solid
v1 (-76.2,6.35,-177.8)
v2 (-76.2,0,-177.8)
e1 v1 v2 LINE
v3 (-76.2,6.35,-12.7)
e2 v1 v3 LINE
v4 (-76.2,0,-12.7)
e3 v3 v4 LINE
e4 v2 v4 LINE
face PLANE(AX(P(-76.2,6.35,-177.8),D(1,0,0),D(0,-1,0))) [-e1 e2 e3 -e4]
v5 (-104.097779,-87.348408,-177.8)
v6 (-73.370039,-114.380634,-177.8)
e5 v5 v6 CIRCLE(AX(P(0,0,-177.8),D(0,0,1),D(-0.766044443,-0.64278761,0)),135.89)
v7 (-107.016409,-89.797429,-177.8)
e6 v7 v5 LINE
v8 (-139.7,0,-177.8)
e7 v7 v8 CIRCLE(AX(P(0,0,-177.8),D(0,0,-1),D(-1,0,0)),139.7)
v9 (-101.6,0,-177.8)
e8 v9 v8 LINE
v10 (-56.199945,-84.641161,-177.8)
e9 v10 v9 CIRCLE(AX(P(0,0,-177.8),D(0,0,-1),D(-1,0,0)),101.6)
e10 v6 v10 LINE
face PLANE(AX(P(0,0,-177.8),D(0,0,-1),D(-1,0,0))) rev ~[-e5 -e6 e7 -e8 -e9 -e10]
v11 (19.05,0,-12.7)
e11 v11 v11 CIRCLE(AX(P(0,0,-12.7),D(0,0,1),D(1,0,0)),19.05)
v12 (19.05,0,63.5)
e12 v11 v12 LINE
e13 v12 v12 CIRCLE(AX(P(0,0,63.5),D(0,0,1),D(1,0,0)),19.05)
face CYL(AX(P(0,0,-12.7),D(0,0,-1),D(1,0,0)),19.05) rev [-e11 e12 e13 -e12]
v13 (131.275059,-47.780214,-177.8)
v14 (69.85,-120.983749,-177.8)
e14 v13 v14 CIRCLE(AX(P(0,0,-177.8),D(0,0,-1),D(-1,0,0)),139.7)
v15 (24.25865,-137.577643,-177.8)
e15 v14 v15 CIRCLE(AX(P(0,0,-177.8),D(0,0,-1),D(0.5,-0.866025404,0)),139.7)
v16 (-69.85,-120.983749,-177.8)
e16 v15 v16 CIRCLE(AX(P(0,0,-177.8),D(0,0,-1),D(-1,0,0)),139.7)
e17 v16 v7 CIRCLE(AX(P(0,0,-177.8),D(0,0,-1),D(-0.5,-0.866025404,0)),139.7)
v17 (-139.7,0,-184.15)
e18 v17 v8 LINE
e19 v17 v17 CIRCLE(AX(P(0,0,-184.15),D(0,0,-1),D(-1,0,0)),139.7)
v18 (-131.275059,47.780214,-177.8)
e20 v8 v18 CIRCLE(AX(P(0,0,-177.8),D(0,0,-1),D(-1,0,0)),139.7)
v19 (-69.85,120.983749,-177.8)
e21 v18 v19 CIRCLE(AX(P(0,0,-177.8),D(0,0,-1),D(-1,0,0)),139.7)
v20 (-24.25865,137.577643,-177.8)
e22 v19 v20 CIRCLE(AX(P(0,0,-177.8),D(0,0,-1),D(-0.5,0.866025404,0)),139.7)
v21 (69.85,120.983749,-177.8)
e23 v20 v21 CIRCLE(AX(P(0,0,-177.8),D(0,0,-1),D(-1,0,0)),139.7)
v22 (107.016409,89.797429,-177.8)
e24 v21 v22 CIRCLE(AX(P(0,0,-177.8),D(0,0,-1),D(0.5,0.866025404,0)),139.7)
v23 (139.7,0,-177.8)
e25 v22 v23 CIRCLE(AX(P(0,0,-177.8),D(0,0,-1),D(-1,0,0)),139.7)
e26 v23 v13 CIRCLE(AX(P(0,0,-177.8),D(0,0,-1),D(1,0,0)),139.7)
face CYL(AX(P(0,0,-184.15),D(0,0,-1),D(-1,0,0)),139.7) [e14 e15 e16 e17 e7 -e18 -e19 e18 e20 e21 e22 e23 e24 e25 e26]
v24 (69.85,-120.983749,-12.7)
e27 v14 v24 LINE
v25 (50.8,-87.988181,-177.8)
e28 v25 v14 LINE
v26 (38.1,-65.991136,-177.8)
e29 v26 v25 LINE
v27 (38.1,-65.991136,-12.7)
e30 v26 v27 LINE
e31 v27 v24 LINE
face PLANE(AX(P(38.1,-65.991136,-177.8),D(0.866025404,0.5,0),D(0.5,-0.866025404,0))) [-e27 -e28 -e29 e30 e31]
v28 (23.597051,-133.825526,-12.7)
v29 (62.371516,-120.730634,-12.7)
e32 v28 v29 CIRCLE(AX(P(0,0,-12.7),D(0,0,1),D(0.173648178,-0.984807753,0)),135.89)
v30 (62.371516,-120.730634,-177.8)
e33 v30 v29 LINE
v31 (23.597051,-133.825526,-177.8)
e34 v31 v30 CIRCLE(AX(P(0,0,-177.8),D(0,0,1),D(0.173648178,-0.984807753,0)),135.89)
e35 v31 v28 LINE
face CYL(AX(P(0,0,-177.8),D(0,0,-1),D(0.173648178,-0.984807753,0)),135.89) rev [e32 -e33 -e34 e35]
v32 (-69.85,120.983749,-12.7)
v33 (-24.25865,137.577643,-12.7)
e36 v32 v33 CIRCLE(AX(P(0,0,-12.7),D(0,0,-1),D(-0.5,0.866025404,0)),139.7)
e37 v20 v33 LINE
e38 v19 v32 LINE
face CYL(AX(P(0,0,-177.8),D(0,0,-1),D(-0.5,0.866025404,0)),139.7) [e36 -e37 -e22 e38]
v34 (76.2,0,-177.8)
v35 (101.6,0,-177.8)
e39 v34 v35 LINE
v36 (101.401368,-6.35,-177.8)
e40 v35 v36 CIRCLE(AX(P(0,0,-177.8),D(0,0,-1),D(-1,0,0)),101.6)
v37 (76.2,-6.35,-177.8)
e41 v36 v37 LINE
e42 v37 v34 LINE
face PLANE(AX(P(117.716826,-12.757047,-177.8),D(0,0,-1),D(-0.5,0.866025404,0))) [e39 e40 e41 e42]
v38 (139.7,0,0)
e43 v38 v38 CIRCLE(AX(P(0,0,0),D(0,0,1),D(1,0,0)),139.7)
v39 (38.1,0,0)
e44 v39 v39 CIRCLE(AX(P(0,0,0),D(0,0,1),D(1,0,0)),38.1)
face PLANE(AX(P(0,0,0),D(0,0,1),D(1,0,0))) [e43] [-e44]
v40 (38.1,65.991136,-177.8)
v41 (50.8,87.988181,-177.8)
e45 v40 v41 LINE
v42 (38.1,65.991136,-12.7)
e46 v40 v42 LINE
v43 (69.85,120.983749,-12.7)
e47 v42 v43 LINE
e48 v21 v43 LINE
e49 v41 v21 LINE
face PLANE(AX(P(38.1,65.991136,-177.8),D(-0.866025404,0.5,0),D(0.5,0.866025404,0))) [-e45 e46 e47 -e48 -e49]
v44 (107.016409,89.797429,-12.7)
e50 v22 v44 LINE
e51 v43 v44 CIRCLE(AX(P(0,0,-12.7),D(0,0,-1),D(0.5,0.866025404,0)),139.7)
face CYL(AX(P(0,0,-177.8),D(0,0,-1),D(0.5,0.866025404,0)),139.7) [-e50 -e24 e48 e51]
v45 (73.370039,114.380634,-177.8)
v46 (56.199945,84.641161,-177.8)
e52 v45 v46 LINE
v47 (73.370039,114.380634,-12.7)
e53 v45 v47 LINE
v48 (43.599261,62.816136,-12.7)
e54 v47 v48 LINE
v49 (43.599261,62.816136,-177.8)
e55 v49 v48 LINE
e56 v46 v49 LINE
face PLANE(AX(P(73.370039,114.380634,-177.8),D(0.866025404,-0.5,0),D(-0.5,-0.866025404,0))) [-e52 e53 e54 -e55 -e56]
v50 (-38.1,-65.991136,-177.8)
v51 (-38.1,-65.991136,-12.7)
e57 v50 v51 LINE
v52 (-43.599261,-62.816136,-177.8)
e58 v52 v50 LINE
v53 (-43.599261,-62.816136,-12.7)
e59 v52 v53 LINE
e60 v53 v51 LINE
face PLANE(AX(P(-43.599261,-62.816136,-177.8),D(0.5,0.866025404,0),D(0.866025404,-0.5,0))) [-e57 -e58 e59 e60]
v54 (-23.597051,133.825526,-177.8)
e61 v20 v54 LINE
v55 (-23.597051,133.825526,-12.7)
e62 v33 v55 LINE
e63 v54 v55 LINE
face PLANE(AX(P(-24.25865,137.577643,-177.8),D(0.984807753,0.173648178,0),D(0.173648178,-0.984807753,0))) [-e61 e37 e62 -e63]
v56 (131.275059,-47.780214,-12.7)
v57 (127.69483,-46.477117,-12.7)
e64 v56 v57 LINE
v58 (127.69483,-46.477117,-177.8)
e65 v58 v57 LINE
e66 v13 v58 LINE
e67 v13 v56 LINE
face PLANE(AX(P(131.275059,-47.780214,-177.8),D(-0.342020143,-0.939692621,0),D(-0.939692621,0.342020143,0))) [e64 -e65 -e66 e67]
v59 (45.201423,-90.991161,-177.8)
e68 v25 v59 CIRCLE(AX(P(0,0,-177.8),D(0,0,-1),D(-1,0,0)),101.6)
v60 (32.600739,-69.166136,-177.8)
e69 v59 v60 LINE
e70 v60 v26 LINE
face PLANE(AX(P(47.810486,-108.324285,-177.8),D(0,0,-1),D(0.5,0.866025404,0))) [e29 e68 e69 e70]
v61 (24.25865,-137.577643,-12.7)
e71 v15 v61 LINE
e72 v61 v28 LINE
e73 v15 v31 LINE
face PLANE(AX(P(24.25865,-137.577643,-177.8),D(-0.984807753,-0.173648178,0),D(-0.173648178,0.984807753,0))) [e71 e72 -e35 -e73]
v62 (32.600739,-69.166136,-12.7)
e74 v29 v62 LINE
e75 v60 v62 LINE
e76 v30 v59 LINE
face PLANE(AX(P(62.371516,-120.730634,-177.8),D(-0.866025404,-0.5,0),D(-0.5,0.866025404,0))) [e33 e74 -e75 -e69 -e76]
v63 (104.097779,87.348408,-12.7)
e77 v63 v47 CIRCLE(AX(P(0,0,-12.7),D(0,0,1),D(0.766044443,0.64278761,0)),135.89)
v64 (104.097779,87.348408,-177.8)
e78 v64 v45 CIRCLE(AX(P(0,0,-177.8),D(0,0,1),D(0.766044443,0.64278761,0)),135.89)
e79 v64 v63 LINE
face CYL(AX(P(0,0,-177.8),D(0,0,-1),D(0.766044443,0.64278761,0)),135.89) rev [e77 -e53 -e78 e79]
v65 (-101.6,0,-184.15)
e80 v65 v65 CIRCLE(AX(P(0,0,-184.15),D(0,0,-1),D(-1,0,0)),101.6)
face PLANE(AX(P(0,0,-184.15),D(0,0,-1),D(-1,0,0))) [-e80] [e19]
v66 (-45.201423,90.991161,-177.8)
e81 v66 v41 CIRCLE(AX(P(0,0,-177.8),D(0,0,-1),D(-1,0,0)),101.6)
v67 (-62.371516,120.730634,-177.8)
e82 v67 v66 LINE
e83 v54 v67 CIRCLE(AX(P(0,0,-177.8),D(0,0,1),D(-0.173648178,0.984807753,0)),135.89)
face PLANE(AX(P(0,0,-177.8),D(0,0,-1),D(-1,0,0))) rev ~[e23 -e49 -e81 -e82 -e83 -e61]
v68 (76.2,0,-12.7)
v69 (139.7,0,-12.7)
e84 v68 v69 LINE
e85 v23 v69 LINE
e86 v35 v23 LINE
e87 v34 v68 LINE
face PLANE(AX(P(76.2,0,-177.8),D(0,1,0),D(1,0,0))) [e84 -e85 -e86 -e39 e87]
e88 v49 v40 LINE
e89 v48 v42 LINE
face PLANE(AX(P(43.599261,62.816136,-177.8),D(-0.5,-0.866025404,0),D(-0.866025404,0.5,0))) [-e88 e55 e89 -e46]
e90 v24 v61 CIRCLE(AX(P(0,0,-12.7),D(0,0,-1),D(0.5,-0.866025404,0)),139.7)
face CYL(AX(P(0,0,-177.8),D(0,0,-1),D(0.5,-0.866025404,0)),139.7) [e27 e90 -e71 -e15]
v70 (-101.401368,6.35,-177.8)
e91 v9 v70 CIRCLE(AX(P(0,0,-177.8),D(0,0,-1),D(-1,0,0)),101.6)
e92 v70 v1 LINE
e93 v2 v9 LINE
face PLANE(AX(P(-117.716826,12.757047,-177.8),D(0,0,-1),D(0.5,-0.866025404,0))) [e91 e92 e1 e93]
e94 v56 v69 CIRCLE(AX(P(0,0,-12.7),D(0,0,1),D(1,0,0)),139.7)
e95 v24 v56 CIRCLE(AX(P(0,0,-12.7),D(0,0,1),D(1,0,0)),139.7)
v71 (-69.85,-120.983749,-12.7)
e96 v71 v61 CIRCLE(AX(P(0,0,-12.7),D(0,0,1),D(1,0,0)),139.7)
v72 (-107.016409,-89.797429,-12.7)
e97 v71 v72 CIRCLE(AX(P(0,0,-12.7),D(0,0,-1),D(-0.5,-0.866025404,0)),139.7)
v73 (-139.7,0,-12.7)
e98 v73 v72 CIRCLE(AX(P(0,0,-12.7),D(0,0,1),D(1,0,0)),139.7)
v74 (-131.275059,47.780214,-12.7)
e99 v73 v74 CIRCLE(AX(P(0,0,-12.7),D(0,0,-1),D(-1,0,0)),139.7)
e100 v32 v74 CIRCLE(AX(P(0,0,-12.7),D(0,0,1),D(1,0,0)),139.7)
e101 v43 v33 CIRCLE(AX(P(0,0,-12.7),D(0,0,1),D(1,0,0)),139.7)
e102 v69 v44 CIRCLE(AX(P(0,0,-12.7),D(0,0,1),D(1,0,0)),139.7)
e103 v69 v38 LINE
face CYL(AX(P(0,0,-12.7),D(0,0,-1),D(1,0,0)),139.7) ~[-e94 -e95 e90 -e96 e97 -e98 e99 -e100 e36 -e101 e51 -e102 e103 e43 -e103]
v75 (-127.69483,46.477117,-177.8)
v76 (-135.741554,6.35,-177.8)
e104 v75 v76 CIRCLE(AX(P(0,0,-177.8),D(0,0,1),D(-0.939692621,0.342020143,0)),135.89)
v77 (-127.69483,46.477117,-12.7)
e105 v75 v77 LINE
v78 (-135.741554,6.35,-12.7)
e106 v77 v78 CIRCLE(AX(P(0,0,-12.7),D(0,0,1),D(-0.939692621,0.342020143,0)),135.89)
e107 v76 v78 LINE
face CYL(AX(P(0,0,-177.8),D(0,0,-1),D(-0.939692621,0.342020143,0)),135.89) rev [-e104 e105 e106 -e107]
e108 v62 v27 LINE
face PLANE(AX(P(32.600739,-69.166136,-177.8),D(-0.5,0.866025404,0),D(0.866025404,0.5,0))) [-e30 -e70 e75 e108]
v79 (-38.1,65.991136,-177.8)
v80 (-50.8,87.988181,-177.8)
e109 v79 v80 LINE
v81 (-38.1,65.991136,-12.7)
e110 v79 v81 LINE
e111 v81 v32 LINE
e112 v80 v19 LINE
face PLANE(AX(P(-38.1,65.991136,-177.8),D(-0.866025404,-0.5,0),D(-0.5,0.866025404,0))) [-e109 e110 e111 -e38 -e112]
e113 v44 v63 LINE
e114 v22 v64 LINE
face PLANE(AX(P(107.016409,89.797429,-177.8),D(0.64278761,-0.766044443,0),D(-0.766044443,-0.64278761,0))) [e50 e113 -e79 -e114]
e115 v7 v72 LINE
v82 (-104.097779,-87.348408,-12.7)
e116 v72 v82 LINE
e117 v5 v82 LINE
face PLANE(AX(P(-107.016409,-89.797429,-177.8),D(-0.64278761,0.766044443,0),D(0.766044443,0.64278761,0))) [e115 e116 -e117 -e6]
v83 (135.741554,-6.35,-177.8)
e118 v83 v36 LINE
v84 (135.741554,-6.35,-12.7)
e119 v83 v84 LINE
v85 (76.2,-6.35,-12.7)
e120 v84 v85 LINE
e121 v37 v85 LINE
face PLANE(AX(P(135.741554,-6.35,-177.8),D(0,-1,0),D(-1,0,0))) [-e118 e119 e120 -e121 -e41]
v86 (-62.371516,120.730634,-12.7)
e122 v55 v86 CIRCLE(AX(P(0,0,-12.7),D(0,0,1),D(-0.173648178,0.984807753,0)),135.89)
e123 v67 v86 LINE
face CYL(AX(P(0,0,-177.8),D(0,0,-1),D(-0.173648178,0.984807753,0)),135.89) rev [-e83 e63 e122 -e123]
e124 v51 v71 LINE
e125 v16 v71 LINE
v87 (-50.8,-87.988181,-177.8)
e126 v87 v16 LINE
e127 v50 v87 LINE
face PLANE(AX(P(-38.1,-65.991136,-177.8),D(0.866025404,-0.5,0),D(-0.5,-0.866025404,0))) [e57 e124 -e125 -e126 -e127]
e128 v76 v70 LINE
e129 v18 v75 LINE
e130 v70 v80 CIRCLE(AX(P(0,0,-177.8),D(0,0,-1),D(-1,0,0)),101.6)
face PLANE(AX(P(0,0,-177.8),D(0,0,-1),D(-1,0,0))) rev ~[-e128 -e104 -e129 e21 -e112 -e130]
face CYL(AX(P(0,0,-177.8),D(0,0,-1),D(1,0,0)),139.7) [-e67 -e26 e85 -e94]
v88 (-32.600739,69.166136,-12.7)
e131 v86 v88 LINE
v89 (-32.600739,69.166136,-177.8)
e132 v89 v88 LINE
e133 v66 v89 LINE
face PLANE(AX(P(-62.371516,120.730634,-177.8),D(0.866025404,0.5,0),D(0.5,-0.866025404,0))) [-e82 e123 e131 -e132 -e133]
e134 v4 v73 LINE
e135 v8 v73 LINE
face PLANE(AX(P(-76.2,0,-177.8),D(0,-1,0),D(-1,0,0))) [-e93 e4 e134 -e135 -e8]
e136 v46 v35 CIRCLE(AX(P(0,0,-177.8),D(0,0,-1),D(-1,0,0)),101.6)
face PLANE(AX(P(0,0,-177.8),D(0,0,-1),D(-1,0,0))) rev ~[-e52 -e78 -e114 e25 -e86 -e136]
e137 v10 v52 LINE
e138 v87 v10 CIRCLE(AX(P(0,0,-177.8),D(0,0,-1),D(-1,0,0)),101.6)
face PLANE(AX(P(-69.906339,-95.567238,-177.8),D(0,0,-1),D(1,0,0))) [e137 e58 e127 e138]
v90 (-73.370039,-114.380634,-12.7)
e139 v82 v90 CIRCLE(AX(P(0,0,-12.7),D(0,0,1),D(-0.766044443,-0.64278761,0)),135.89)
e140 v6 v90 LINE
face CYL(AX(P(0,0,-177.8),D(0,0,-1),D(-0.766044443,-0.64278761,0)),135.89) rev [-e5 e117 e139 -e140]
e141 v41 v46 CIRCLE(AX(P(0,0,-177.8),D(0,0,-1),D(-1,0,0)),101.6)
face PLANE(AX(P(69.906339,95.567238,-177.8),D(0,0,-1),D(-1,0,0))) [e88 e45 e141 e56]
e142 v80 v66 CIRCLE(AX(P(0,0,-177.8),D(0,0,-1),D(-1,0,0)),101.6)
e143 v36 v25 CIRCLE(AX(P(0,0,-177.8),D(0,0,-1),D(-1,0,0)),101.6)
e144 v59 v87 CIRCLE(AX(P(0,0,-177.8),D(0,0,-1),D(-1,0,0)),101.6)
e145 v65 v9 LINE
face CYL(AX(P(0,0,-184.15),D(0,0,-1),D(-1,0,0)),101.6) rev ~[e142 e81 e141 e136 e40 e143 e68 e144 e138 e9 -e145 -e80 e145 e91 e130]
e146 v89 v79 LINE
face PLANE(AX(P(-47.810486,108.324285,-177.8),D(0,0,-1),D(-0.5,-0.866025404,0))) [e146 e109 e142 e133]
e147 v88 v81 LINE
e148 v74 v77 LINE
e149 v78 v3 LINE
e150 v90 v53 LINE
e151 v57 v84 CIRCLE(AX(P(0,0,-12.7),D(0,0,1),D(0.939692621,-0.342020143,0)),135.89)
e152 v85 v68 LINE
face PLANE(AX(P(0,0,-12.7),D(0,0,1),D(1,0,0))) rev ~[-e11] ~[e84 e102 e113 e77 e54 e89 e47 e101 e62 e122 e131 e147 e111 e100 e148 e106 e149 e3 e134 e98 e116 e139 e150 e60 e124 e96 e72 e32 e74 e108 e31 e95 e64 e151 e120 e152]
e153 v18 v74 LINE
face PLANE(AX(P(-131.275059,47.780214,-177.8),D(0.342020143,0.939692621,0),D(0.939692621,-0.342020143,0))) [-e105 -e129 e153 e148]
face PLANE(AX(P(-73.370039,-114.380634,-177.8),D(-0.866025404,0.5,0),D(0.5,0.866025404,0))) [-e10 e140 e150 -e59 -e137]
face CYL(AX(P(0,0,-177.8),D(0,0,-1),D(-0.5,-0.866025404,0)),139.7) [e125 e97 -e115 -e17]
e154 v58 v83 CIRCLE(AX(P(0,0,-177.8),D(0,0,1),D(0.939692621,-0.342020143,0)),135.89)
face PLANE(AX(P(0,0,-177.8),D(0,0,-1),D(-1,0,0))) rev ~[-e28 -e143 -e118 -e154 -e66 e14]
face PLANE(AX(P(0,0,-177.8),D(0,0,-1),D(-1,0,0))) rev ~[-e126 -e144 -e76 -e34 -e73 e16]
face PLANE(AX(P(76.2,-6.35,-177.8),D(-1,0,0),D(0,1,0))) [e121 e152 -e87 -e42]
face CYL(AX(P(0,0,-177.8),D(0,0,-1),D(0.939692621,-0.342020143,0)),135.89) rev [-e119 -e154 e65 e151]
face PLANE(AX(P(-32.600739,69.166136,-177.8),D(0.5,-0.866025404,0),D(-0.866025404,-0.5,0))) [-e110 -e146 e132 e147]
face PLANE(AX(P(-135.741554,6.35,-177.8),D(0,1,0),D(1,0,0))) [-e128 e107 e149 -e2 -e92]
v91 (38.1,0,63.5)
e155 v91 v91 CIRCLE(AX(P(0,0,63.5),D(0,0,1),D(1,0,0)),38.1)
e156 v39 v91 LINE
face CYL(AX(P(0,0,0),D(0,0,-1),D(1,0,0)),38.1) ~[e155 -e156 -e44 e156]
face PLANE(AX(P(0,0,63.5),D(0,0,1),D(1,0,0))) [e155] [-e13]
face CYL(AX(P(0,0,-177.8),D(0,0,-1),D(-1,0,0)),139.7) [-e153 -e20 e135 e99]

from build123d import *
from build123d.topology import SkipClean

# Parameters (mm, degrees)
SKETCH1_R           = 38.1
SKETCH1_R_2         = 19.05
BOSS_EXTRUDE1_DEPTH = 63.5
BOSS_EXTRUDE2_START = -12.7
SKETCH1_3_R         = 139.7
SKETCH1_3_R_2       = 19.05
BOSS_EXTRUDE2_DEPTH = 12.7
BOSS_EXTRUDE3_START = 165.1
BOSS_EXTRUDE3_DEPTH = 165.1
CIRPATTERN2_COUNT   = 6
BOSS_EXTRUDE4_START = 6.35
SKETCH3_R           = 139.7
SKETCH3_R_2         = 101.6
BOSS_EXTRUDE4_DEPTH = 6.35


with BuildPart() as part:
    # Sketch1 → Boss-Extrude1 (new body)
    with BuildSketch(Plane.XY):
        Circle(SKETCH1_R)
        Circle(SKETCH1_R_2, mode=Mode.SUBTRACT)
    extrude(amount=BOSS_EXTRUDE1_DEPTH)

    # Sketch1<3> → Boss-Extrude2 (add)
    with BuildSketch(Plane.XY.offset(BOSS_EXTRUDE2_START)):
        Circle(SKETCH1_3_R)
        Circle(SKETCH1_3_R_2, mode=Mode.SUBTRACT)
    extrude(amount=BOSS_EXTRUDE2_DEPTH)

    # Sketch2 → Boss-Extrude3 (add)
    with SkipClean():  # the faces are left unmerged after this step: merging them gives an invalid solid
        with BuildSketch(Plane(origin=(0, 0, -12.7), x_dir=(-1, 0, 0), z_dir=(0, 0, -1)).offset(BOSS_EXTRUDE3_START)):
            with BuildLine():
                Line((-43.599261314, 62.816135768), (-38.1, 65.991135768))
                Line((-38.1, 65.991135768), (-69.85, 120.983748909))
                ThreePointArc((-69.85, 120.983748909), (-89.797429073, 107.016408704), (-107.016408704, 89.797429073))
                Line((-107.016408704, 89.797429073), (-104.097779375, 87.34840828))
                ThreePointArc((-104.097779375, 87.34840828), (-89.757405887, 102.027938274), (-73.370038531, 114.380634489))
                Line((-73.370038531, 114.380634489), (-43.599261314, 62.816135768))
            make_face()
        boss_extrude3 = extrude(amount=-BOSS_EXTRUDE3_DEPTH)

    # CirPattern2: Boss-Extrude3 ×6 about axis
    with SkipClean():  # the faces are left unmerged after this step: merging them gives an invalid solid
        cirpattern2_axis = Axis((0, 0, -12.7), (0, 0, 1))
        for i in range(1, CIRPATTERN2_COUNT):
            add(boss_extrude3.rotate(cirpattern2_axis, i * 360 / CIRPATTERN2_COUNT))

    # Sketch3 → Boss-Extrude4 (add)
    with SkipClean():  # the faces are left unmerged after this step: merging them gives an invalid solid
        with BuildSketch(Plane(origin=(0, 0, -177.8), x_dir=(-1, 0, 0), z_dir=(0, 0, -1)).offset(BOSS_EXTRUDE4_START)):
            Circle(SKETCH3_R)
            Circle(SKETCH3_R_2, mode=Mode.SUBTRACT)
        extrude(amount=-BOSS_EXTRUDE4_DEPTH)


solid = part.part
